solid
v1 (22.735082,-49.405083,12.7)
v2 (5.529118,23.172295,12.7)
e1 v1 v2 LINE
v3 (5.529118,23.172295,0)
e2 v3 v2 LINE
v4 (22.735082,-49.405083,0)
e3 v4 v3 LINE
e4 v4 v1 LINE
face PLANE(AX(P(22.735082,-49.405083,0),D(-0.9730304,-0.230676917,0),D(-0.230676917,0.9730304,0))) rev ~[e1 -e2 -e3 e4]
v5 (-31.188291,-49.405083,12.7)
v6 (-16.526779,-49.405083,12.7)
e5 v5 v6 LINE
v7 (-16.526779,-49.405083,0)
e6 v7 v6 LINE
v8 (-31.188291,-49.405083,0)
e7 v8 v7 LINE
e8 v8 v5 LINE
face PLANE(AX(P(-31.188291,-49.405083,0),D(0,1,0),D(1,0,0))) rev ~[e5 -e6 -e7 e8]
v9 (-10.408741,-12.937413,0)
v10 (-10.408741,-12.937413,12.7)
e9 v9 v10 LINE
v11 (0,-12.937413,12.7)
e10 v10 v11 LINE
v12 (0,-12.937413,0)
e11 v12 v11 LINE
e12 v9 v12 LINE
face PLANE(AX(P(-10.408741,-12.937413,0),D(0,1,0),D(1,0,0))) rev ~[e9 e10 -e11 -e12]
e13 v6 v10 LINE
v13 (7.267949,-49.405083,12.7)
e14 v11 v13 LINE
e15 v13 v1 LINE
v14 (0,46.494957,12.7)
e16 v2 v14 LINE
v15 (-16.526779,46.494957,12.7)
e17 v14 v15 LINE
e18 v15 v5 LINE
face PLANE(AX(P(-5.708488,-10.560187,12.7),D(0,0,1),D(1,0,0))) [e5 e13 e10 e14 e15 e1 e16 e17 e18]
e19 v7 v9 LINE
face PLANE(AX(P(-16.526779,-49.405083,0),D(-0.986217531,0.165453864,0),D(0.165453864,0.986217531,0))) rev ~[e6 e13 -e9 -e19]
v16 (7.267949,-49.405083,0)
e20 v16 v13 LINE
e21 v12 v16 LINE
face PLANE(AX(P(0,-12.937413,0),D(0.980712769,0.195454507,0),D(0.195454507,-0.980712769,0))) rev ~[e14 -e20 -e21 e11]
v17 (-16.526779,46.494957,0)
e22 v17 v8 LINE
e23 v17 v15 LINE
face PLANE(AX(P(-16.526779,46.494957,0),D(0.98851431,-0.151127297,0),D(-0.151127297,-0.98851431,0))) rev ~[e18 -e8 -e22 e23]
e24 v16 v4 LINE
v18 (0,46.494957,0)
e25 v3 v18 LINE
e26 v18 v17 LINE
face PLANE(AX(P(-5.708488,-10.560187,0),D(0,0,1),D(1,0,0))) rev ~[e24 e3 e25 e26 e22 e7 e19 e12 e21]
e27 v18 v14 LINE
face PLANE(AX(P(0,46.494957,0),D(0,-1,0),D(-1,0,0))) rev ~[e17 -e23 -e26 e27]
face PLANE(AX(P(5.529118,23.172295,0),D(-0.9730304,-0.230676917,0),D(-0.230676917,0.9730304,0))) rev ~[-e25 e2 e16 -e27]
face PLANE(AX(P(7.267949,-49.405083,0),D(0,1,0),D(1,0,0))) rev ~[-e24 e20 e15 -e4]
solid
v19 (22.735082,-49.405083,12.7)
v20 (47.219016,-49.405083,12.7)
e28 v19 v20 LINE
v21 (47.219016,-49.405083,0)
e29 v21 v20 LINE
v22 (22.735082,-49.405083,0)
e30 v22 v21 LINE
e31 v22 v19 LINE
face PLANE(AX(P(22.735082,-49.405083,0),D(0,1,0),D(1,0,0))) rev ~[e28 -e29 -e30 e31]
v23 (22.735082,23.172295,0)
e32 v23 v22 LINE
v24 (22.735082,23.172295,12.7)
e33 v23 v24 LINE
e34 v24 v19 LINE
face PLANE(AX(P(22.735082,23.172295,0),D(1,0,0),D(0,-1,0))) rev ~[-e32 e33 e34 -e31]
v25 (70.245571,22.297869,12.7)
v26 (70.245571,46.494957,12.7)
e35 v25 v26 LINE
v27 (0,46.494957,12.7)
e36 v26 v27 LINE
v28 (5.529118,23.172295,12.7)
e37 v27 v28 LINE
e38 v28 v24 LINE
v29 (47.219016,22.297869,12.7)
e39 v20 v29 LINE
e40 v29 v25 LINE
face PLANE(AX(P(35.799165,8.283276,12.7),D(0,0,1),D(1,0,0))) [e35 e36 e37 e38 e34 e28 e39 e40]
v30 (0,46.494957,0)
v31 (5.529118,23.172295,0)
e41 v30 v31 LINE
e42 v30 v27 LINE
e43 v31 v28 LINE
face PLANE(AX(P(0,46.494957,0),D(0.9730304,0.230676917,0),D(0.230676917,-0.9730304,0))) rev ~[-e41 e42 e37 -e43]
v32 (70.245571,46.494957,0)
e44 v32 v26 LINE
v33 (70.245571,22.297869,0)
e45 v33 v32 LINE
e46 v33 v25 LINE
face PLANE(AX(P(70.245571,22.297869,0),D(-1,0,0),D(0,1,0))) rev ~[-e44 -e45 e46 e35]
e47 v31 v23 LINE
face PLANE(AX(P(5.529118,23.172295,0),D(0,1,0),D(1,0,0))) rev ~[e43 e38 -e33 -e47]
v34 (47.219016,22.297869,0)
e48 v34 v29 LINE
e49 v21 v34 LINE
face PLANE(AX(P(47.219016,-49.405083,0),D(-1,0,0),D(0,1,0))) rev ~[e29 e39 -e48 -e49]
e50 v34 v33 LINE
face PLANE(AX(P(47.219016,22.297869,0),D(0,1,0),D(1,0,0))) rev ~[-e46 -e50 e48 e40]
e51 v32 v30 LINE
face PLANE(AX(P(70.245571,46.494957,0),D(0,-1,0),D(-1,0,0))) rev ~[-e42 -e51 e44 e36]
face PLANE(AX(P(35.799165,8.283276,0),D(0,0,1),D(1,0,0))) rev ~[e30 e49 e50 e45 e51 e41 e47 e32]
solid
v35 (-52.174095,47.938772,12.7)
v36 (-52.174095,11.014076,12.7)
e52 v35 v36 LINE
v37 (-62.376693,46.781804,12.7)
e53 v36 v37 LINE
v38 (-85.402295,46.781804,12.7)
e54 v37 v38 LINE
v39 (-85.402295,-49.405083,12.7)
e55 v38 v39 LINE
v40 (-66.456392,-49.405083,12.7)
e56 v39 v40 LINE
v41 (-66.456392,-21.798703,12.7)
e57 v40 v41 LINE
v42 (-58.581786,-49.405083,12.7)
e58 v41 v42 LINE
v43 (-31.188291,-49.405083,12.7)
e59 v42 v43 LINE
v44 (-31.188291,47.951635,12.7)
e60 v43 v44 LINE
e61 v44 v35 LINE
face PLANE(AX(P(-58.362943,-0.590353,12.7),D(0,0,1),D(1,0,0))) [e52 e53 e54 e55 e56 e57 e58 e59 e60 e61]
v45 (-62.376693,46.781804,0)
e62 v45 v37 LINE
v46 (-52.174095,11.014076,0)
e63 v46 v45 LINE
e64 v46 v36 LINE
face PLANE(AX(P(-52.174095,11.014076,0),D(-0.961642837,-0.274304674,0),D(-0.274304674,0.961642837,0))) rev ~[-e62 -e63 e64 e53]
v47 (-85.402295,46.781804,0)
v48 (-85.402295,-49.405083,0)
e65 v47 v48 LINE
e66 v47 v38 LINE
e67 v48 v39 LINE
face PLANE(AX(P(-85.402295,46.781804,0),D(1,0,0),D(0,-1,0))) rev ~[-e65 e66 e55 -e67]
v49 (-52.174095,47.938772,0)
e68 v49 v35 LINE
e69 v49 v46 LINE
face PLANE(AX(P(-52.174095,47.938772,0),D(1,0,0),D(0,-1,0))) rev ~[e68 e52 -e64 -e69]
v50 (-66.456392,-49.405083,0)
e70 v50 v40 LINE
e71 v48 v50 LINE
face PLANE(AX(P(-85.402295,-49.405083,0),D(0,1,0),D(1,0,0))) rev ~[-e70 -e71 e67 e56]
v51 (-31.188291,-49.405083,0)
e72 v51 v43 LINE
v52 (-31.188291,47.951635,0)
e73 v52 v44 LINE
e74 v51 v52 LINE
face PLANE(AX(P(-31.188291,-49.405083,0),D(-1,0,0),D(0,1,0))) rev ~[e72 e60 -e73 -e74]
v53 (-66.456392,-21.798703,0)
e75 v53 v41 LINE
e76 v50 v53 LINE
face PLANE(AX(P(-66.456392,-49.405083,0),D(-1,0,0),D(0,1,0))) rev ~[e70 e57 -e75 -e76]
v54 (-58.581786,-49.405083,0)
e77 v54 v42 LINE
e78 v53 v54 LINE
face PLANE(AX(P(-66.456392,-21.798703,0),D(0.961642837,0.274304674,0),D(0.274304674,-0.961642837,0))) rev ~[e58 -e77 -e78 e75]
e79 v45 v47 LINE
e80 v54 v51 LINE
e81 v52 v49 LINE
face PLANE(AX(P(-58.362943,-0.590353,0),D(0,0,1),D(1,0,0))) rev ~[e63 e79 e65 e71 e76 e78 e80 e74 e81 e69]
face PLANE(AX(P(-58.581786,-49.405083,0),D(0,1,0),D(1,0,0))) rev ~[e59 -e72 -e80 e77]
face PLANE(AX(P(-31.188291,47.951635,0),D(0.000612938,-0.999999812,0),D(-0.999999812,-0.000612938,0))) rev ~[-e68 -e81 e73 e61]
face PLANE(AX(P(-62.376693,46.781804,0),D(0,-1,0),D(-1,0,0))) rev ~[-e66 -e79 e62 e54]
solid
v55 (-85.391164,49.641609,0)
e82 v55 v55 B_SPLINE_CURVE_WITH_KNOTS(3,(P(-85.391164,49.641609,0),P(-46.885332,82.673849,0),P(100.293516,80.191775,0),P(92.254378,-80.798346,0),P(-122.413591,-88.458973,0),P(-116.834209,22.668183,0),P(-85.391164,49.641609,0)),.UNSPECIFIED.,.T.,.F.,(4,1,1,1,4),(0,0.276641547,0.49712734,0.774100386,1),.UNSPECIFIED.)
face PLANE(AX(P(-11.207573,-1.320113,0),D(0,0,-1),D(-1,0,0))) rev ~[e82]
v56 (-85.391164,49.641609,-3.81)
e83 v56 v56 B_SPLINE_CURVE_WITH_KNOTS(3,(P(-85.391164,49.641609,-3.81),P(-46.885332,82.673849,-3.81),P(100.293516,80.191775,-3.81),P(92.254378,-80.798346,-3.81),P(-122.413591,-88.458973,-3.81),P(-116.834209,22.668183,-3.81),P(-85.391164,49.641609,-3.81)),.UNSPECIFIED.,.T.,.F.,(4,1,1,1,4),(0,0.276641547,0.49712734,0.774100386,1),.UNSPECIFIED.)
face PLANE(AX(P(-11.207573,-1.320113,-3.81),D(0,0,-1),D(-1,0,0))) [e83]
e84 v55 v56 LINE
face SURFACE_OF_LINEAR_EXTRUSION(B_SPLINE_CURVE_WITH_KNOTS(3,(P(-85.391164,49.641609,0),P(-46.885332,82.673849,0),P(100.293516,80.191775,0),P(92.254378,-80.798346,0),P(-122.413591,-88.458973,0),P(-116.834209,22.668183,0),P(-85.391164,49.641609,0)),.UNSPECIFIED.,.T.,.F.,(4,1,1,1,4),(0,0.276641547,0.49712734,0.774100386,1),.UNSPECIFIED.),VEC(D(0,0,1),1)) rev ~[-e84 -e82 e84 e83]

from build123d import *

# Parameters (mm, degrees)
F1_DEPTH = 12.7
F2_DEPTH = 12.7
F3_DEPTH = 12.7
F5_DEPTH = 3.81


with BuildPart() as f1:
    # F0 (on Top) → F1 (new body)
    with BuildSketch(Plane.XY):
        Polygon((-62.3766927527, 46.7818044126), (-85.4022949934, 46.7818044126), (-85.4022949934, -49.4050830603), (-66.4563924074, -49.4050830603), (-66.4563924074, -21.7987033878), (-58.5817858567, -49.4050830603), (-31.1882905662, -49.4050830603), (-31.1882905662, 47.9516349733), (-52.1740950644, 47.9387719753), (-52.1740950644, 11.0140763851), align=None)
    extrude(amount=F1_DEPTH)


with BuildPart() as f2:
    # F0 (on Top) → F2 (new body)
    with BuildSketch(Plane.XY):
        Polygon((-16.5267791777, 46.4949570596), (-31.1882905662, -49.4050830603), (-16.5267791777, -49.4050830603), (-10.4087405084, -12.9374125972), (0, -12.9374125972), (7.2679491714, -49.4050830603), (22.7350816131, -49.4050830603), (5.529117934, 23.172294721), (0, 46.4949570596), align=None)
    extrude(amount=F2_DEPTH)


with BuildPart() as f3:
    # F0 (on Top) → F3 (new body)
    with BuildSketch(Plane.XY):
        Polygon((70.2455714345, 46.4949570596), (0, 46.4949570596), (5.529117934, 23.172294721), (22.7350816131, 23.172294721), (22.7350816131, -49.4050830603), (47.2190156579, -49.4050830603), (47.2190156579, 22.2978685051), (70.2455714345, 22.2978685051), align=None)
    extrude(amount=F3_DEPTH)


with BuildPart() as f5:
    # F4 (on Top) → F5 (new body)
    with BuildSketch(Plane.XY):
        with BuildLine():
            add(Edge.make_bspline(
                [(-85.391163826, 49.6416091919), (-46.8853315452, 82.6738491482), (100.2935157759, 80.1917747796), (92.2543776844, -80.7983461048), (-122.4135911437, -88.458973036), (-116.8342090122, 22.6681832969), (-85.391163826, 49.6416091919)],
                knots=[0, 0, 0, 0, 0.2766415471, 0.4971273403, 0.7741003856, 1, 1, 1, 1], degree=3))
        make_face()
    extrude(amount=-F5_DEPTH)


solid = Compound([f1.part, f2.part, f3.part, f5.part])
